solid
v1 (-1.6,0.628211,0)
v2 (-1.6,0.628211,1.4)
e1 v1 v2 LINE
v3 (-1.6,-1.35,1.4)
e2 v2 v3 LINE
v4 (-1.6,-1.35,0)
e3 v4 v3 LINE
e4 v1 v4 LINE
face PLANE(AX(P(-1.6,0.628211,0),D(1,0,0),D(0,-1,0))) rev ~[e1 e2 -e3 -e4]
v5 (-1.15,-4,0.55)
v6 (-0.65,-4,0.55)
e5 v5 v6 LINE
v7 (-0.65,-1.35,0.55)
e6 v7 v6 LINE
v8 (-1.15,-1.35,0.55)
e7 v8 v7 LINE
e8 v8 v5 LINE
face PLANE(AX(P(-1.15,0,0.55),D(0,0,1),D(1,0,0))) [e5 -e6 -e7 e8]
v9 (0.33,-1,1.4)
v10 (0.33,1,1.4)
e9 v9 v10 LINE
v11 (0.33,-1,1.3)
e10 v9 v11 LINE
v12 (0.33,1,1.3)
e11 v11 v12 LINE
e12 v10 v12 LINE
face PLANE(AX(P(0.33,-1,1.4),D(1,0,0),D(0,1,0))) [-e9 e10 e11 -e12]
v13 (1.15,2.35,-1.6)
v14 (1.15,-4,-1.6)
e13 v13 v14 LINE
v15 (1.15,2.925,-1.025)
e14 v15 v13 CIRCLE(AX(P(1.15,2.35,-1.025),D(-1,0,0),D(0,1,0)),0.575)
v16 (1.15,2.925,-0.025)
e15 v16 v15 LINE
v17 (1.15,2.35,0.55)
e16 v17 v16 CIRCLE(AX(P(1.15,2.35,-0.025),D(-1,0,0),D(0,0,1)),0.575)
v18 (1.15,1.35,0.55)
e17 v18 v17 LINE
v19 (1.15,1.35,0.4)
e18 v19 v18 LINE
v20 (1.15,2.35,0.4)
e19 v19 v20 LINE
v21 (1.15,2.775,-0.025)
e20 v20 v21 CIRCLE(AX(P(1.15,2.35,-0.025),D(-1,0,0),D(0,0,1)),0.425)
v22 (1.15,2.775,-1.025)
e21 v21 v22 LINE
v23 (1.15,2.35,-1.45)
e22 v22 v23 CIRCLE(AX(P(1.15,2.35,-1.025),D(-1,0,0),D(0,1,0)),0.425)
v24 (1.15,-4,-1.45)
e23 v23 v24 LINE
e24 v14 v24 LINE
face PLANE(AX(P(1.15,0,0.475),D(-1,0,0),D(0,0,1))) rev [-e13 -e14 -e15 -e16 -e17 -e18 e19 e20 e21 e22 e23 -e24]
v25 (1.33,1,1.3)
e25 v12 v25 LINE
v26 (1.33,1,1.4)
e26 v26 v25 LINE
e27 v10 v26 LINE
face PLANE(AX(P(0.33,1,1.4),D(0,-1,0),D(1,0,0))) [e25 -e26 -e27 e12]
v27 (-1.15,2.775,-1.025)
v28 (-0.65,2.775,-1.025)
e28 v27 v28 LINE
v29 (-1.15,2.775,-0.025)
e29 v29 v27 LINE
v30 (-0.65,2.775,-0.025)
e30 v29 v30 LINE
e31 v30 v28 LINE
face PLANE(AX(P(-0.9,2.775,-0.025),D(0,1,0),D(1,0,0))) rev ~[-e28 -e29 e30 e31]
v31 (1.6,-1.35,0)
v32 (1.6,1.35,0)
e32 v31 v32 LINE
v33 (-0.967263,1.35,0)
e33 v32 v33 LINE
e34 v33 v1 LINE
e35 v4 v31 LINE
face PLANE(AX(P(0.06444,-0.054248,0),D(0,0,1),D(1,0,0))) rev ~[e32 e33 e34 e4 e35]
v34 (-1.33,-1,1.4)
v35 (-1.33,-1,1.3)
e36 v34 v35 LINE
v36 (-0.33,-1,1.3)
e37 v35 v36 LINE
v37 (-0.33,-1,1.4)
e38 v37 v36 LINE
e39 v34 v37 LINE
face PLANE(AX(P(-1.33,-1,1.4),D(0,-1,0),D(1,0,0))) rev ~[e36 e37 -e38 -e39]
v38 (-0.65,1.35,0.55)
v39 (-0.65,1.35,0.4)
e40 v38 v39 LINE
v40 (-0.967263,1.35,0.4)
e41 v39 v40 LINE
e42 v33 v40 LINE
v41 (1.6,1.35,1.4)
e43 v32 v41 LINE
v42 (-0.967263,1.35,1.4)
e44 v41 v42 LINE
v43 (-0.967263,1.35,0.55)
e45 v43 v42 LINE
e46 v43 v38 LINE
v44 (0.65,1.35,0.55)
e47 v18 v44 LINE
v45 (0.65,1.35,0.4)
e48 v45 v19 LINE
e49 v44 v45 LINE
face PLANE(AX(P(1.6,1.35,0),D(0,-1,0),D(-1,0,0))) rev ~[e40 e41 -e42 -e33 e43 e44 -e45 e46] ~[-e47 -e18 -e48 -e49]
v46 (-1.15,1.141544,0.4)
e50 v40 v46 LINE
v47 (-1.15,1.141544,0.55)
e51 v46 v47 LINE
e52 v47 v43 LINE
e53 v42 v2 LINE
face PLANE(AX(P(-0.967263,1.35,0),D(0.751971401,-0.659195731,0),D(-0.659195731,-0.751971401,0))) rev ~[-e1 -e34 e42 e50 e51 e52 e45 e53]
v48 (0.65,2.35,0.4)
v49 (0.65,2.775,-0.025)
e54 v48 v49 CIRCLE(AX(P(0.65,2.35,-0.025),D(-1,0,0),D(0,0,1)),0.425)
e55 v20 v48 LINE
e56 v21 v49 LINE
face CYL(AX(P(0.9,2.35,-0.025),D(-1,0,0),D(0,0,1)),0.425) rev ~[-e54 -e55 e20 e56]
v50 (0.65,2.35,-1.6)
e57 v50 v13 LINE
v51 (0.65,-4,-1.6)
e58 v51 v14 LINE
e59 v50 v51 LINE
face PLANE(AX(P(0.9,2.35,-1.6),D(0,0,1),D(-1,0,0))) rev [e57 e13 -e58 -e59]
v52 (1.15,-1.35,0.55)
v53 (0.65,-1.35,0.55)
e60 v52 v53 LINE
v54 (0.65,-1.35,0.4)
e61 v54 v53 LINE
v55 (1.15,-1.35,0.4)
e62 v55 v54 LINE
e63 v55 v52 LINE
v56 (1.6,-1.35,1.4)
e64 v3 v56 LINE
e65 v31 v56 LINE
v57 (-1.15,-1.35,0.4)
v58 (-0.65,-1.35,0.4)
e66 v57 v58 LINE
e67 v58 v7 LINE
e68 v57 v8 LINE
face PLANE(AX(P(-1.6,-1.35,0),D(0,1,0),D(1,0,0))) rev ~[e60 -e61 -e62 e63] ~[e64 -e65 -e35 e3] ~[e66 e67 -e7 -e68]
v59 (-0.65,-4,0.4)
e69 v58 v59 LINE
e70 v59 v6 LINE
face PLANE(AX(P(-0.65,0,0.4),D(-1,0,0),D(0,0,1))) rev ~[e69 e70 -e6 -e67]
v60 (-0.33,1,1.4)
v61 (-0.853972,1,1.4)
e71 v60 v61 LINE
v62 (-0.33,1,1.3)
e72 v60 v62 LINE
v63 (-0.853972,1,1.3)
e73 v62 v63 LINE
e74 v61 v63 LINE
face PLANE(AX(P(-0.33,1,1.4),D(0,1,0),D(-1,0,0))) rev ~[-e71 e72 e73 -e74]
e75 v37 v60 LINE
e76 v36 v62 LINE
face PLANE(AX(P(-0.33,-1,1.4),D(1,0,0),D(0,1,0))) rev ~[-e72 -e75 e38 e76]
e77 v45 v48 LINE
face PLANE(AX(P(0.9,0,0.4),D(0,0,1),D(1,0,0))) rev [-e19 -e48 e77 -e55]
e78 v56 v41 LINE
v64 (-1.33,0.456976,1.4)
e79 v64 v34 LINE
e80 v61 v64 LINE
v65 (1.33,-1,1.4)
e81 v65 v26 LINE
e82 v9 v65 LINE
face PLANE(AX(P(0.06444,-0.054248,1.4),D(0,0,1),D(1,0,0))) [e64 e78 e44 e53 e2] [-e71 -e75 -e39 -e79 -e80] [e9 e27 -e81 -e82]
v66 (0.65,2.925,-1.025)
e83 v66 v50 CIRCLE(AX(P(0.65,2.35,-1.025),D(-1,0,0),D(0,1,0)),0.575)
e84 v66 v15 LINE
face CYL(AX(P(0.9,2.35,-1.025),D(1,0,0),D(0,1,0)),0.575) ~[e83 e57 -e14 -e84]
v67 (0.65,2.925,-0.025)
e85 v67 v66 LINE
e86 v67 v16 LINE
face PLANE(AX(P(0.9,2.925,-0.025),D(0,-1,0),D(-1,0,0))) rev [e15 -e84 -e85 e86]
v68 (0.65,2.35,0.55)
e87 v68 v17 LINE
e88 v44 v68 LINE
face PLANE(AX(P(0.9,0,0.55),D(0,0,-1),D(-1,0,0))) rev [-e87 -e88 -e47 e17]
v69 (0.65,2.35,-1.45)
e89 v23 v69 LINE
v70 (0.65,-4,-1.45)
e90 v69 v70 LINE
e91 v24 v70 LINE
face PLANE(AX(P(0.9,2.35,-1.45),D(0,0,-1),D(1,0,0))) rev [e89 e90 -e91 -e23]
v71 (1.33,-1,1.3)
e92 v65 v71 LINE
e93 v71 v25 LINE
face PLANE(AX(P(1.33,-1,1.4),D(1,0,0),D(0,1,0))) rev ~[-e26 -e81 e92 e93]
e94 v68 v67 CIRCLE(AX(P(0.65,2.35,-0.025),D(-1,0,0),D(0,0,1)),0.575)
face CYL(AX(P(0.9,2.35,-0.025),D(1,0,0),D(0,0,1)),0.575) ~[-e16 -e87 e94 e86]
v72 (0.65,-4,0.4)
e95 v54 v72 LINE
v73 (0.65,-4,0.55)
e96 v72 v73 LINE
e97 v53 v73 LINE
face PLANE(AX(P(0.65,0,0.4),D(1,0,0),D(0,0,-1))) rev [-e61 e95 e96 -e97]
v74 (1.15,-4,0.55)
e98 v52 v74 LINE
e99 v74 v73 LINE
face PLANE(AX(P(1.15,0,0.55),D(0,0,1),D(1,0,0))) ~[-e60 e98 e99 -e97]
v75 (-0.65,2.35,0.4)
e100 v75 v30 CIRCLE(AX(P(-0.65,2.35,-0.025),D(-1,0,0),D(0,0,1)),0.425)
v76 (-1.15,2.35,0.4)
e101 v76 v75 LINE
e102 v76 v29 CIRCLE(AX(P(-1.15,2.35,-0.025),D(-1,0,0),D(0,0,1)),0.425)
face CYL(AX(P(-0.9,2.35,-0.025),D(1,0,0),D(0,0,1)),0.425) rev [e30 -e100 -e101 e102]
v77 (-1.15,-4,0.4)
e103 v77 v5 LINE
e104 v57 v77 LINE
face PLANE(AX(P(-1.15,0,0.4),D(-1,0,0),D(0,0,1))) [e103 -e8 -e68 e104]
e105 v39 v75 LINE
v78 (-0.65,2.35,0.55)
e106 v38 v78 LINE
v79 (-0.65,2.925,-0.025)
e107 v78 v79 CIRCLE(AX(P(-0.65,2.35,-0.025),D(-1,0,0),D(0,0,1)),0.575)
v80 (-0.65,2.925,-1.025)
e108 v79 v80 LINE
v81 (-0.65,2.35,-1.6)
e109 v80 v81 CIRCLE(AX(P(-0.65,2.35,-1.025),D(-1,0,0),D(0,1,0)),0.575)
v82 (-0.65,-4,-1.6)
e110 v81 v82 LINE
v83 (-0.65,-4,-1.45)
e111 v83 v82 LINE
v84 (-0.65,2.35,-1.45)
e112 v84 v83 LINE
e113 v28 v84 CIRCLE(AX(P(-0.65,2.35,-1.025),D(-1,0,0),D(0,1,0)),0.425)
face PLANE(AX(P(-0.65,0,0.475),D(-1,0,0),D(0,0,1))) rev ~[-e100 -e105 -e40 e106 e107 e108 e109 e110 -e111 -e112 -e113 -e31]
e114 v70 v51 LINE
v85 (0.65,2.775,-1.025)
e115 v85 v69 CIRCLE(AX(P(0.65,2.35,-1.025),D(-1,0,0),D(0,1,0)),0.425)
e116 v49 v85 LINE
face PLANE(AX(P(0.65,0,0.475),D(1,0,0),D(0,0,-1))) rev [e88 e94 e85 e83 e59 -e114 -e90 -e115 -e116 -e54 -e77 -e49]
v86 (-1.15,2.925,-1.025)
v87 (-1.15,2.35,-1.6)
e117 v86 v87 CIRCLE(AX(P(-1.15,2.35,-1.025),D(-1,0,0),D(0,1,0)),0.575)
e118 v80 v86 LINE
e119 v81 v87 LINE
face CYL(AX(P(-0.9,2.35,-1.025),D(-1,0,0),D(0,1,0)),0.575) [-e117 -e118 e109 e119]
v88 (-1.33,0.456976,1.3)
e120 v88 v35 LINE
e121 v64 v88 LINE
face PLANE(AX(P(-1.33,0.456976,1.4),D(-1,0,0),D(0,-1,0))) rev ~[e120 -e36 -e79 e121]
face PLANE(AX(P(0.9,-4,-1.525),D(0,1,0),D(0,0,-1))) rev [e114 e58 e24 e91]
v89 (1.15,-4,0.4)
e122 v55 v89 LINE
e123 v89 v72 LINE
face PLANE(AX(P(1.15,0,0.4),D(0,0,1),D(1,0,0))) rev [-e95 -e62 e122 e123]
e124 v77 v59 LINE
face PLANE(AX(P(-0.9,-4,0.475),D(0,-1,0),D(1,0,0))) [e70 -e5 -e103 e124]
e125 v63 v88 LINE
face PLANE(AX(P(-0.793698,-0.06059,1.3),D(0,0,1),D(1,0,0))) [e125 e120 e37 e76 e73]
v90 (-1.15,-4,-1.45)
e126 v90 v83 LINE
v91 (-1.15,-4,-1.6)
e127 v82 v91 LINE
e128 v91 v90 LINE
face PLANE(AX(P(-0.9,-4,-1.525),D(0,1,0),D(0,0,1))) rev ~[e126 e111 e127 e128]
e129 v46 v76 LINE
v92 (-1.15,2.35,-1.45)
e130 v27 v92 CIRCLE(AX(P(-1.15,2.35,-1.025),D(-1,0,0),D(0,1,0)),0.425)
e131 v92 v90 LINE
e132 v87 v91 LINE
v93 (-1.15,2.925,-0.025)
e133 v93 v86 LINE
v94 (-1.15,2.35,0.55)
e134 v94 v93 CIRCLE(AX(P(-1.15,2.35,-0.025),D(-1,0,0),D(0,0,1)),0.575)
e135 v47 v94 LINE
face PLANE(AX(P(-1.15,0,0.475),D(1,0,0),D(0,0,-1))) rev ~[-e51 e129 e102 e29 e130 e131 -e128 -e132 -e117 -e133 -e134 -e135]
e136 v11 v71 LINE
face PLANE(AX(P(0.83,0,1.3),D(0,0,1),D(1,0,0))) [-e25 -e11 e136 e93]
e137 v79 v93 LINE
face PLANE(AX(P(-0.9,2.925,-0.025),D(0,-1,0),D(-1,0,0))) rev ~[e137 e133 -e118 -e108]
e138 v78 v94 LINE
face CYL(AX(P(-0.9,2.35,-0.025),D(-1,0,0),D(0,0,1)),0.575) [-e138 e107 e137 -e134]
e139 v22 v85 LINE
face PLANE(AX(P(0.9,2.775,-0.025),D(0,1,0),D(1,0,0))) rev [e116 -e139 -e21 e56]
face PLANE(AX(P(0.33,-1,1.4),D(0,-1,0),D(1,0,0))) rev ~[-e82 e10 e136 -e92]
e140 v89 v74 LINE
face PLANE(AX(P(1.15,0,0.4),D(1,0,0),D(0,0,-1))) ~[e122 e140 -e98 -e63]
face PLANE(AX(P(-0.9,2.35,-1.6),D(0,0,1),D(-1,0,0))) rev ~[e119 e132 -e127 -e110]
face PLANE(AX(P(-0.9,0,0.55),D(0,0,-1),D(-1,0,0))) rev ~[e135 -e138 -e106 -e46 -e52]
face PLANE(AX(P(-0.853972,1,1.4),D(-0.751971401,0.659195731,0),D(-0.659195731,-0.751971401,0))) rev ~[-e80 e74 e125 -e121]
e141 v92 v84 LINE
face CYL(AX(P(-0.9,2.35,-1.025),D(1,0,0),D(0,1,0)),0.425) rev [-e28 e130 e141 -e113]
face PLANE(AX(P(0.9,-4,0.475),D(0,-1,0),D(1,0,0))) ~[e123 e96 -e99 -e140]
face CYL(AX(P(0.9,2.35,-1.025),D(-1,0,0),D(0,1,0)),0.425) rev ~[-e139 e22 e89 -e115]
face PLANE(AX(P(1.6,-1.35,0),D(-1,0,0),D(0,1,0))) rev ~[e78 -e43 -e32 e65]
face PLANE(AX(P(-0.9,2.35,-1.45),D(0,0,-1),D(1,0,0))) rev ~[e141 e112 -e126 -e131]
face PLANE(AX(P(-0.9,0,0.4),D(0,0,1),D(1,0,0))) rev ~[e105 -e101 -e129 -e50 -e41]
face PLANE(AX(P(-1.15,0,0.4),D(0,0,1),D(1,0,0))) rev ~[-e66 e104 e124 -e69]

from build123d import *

# Parameters (mm, degrees)
F1_DEPTH = 1.4
F2_W     = 1
F2_H     = 2
F3_DEPTH = 0.1
F4_W     = 0.5
F4_H     = 0.15
F5_DEPTH = 4


with BuildPart() as f1:
    # F0 (on Top) → F1 (new body)
    with BuildSketch(Plane.XY):
        Polygon((1.6, -1.35), (1.6, 1.35), (-0.9672628953, 1.35), (-1.6, 0.628211031), (-1.6, -1.35), align=None)
    extrude(amount=F1_DEPTH)

    # F2 (on face) → F3 (cut)
    with BuildSketch(Plane.XY.offset(1.4)):
        with Locations((0.83, 0)):
            Rectangle(F2_W, F2_H)
        Polygon((-0.33, -1), (-0.33, 1), (-0.8539721624, 1), (-1.33, 0.4569756704), (-1.33, -1), align=None)
    extrude(amount=-F3_DEPTH, mode=Mode.SUBTRACT)

    # F6: F5 across plane


with BuildPart() as f5:
    # F4 (on Front) → F5 (new body)
    with BuildSketch(Plane.XZ):
        with Locations((-0.9, 0.475)):
            Rectangle(F4_W, F4_H)
    extrude(amount=F5_DEPTH)


with BuildPart() as f1_1:
    add(f1.part)
    add(f5.part.mirror(Plane.YZ))



with BuildPart() as f9:
    # F9: sweep along a path in F8
    with BuildLine(Plane.YZ.offset(-0.9)) as f9_path:
        Line((0, 0.475), (2.35, 0.475))
        ThreePointArc((2.35, 0.475), (2.7035533906, 0.3285533906), (2.85, -0.025))
        Line((2.85, -0.025), (2.85, -1.025))
        ThreePointArc((2.85, -1.025), (2.7035533906, -1.3785533906), (2.35, -1.525))
        Line((2.35, -1.525), (-4, -1.525))
    # F4 (on Front) → F9 (sweep)
    with BuildSketch(Plane.XZ):
        with Locations((-0.9, 0.475)):
            Rectangle(F4_W, F4_H)
    sweep(path=f9_path.line)


with BuildPart() as f1_2:
    add(f1_1.part)

    add(f5.part)  # F10 merges F5

    add(f9.part)  # F10 merges F9
    # F10: F9 across plane
    add(f9.part.mirror(Plane.YZ))


solid = f1_2.part
